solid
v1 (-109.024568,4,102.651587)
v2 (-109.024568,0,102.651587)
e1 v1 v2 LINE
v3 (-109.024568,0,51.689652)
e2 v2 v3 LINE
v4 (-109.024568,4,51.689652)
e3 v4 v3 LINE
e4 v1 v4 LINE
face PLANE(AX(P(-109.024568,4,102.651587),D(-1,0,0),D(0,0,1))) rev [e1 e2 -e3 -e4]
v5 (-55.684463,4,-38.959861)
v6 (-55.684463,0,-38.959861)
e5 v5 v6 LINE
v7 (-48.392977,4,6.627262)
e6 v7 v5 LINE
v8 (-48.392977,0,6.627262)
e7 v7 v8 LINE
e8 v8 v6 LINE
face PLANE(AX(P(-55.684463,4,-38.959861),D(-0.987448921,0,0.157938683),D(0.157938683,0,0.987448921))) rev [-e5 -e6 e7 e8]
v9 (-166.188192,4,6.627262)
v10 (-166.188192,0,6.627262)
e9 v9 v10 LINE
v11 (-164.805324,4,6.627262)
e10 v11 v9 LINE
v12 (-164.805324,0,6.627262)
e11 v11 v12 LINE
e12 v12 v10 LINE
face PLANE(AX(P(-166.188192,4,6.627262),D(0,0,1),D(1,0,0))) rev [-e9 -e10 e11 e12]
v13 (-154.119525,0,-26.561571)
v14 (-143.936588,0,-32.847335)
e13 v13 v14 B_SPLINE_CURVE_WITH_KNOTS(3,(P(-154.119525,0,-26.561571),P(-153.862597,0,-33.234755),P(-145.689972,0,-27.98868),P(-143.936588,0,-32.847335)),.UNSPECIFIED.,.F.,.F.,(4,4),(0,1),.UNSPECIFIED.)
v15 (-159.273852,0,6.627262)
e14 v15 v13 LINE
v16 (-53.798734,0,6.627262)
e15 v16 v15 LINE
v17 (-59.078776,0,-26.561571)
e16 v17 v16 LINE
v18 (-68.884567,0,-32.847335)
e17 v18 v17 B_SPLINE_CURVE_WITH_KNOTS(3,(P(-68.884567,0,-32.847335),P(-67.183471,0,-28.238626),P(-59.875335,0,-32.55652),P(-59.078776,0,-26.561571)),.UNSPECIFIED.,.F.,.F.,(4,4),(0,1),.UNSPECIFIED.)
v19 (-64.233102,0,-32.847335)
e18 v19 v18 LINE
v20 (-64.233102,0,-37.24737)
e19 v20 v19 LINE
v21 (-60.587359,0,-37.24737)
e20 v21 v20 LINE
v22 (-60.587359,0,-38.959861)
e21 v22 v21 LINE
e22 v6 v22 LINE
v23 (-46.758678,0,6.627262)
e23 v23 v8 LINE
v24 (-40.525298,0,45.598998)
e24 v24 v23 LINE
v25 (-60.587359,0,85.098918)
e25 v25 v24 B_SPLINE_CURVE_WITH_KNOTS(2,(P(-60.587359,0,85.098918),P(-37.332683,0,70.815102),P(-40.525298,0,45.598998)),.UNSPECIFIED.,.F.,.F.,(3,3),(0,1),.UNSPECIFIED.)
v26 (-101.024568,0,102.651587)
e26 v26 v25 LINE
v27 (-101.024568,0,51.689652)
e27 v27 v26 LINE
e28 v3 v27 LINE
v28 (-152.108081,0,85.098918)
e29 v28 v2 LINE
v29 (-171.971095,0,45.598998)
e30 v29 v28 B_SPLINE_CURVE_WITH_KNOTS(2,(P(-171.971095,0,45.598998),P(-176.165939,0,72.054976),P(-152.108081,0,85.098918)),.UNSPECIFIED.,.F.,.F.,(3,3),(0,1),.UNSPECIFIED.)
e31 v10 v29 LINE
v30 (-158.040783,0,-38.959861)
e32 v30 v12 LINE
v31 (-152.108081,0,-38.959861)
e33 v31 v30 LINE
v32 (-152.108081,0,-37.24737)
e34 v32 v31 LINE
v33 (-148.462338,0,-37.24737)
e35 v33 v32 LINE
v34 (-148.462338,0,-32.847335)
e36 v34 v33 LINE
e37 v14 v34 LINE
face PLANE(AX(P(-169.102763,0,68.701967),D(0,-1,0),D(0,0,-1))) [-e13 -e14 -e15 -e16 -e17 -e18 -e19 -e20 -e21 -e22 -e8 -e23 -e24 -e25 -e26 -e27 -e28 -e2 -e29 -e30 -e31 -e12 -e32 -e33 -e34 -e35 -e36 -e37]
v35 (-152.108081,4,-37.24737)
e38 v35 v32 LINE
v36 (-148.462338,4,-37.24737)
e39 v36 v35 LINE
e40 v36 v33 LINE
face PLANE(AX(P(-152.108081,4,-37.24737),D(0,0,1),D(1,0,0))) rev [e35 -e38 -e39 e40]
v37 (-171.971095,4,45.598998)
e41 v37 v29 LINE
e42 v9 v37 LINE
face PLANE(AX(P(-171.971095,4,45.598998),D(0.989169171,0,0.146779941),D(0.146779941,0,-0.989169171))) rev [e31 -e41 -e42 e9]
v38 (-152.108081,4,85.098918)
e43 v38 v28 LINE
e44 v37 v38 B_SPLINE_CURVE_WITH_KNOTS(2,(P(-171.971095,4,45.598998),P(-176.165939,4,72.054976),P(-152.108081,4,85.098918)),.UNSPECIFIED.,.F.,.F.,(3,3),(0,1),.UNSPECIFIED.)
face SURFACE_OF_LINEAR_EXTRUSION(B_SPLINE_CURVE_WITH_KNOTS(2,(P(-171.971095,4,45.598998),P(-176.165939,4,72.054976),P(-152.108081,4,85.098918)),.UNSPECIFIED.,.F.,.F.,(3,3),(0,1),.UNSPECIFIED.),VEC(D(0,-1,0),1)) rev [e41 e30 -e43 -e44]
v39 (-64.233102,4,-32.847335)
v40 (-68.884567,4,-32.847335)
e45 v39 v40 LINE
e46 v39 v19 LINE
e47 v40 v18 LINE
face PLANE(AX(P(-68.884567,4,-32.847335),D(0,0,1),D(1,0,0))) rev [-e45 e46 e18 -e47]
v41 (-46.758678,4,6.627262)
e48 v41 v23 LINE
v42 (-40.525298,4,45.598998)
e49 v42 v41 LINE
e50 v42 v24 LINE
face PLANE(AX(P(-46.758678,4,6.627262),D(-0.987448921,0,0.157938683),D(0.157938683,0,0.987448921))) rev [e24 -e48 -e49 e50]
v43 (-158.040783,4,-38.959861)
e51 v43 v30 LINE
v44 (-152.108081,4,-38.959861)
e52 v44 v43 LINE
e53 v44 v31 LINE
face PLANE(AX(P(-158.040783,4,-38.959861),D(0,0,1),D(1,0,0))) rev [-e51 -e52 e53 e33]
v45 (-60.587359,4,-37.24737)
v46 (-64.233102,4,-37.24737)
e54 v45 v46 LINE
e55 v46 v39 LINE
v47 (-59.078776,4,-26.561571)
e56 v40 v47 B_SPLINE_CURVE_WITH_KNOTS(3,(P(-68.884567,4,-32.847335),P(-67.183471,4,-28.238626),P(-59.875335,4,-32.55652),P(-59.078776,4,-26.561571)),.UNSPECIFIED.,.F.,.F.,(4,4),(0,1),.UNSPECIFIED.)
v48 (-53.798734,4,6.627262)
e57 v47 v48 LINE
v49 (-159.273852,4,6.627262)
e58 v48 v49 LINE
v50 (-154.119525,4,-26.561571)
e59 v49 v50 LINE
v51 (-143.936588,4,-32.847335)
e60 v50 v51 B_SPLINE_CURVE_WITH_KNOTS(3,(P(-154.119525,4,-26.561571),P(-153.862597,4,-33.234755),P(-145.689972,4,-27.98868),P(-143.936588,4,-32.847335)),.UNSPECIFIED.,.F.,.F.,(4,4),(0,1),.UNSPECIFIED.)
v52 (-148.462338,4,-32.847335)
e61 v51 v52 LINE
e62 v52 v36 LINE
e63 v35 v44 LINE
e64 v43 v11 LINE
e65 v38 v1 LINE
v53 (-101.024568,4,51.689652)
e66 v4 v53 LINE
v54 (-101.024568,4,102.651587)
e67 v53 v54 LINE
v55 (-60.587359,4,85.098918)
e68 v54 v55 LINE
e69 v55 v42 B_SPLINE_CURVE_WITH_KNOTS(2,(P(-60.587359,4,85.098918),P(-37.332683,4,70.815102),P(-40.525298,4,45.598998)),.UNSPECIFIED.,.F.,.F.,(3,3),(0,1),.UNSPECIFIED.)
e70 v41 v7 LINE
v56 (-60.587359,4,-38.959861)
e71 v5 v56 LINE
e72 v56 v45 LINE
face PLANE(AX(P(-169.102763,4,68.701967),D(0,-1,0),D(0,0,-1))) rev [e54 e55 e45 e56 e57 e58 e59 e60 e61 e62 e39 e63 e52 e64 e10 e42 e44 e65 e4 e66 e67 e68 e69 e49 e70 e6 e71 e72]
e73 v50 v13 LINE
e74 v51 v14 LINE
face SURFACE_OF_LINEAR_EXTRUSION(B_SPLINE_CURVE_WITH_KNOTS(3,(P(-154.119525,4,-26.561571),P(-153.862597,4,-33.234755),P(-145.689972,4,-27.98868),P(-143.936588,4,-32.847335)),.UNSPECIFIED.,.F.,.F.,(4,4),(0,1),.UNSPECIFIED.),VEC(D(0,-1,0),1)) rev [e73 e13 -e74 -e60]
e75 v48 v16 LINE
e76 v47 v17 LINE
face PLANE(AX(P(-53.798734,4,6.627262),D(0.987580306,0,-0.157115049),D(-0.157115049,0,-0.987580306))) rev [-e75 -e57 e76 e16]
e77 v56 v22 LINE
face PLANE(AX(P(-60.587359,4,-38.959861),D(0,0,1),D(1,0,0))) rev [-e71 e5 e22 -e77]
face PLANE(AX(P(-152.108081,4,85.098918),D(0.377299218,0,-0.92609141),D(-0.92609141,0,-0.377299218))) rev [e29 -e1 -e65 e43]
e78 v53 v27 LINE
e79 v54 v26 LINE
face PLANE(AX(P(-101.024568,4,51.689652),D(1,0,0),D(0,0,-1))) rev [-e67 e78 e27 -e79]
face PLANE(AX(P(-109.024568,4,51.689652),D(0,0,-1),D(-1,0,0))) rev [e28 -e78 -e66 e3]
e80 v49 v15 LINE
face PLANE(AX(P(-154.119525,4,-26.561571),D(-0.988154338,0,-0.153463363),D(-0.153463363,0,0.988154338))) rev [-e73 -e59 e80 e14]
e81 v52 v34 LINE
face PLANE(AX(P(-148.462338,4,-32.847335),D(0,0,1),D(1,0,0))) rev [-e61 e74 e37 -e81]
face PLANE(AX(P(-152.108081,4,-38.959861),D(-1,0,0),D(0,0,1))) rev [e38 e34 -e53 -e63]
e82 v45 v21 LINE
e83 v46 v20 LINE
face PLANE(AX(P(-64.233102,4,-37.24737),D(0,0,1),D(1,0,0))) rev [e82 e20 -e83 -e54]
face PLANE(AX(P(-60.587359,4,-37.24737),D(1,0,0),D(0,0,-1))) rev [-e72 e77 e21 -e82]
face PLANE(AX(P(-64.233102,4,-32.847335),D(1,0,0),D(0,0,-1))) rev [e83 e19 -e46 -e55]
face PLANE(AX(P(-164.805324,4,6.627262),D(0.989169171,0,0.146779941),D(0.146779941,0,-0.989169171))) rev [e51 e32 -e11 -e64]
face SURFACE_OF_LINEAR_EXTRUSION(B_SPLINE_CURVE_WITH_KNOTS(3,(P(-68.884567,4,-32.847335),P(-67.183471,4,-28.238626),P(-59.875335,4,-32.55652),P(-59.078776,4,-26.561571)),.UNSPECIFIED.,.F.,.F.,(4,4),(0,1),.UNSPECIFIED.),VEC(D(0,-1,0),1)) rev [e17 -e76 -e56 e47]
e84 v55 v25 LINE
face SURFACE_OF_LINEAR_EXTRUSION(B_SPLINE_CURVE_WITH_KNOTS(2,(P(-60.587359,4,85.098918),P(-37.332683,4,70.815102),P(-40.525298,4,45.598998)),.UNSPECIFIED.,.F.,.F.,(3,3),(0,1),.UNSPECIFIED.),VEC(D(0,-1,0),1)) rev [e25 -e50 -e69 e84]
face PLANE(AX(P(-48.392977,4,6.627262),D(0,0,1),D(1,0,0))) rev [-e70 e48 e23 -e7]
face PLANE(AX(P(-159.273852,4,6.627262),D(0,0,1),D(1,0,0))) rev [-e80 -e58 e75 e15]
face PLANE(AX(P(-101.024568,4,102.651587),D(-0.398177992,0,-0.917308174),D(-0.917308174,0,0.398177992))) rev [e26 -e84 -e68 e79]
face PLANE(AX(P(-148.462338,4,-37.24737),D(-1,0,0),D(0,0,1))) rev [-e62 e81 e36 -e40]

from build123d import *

# Parameters (mm, degrees)
EXTRUDE_1_DEPTH = 4


with BuildPart() as part:
    # 草图1 → 凸台-拉伸1 (new body)
    with BuildSketch(Plane(origin=(0, 0, 0), x_dir=(1, 0, 0), z_dir=(0, 1, 0))):
        with BuildLine():
            Line((-171.971094603, -45.598997709), (-166.188191845, -6.627261728))
            Line((-166.188191845, -6.627261728), (-164.805323794, -6.627261728))
            Line((-164.805323794, -6.627261728), (-158.040783066, 38.959860567))
            Line((-158.040783066, 38.959860567), (-152.108080781, 38.959860567))
            Line((-152.108080781, 38.959860567), (-152.108080781, 37.24737007))
            Line((-152.108080781, 37.24737007), (-148.462337738, 37.24737007))
            Line((-148.462337738, 37.24737007), (-148.462337738, 32.847335362))
            Line((-148.462337738, 32.847335362), (-143.936587753, 32.847335362))
            add(Edge.make_bspline(
                [(-143.936587753, 32.847335362), (-145.689971567, 27.988679884), (-153.862596813, 33.234755139), (-154.119525219, 26.561571494)],
                knots=[0, 0, 0, 0, 1, 1, 1, 1], degree=3))
            Line((-154.119525219, 26.561571494), (-159.27385159, -6.627261728))
            Line((-159.27385159, -6.627261728), (-53.798733888, -6.627261728))
            Line((-53.798733888, -6.627261728), (-59.078775537, 26.561571494))
            add(Edge.make_bspline(
                [(-68.884567171, 32.847335362), (-67.18347063, 28.238626072), (-59.875334598, 32.556519598), (-59.078775537, 26.561571494)],
                knots=[0, 0, 0, 0, 1, 1, 1, 1], degree=3))
            Line((-68.884567171, 32.847335362), (-64.233101908, 32.847335362))
            Line((-64.233101908, 32.847335362), (-64.233101908, 37.24737007))
            Line((-64.233101908, 37.24737007), (-60.587358865, 37.24737007))
            Line((-60.587358865, 37.24737007), (-60.587358865, 38.959860567))
            Line((-60.587358865, 38.959860567), (-55.684463048, 38.959860567))
            Line((-55.684463048, 38.959860567), (-48.392976961, -6.627261728))
            Line((-48.392976961, -6.627261728), (-46.758678356, -6.627261728))
            Line((-46.758678356, -6.627261728), (-40.525298042, -45.598997709))
            add(Edge.make_bspline(
                [(-40.525298042, -45.598997709), (-37.332682932, -70.815101754), (-60.587358865, -85.098918409)],
                knots=[0, 0, 0, 1, 1, 1], degree=2))
            Line((-60.587358865, -85.098918409), (-101.024567621, -102.65158724))
            Line((-101.024567621, -102.65158724), (-101.024567621, -51.689651756))
            Line((-101.024567621, -51.689651756), (-109.024567621, -51.689651756))
            Line((-109.024567621, -51.689651756), (-109.024567621, -102.65158724))
            Line((-109.024567621, -102.65158724), (-152.108080781, -85.098918409))
            add(Edge.make_bspline(
                [(-171.971094603, -45.598997709), (-176.165938526, -72.054975501), (-152.108080781, -85.098918409)],
                knots=[0, 0, 0, 1, 1, 1], degree=2))
        make_face()
    extrude(amount=EXTRUDE_1_DEPTH)


solid = part.part
